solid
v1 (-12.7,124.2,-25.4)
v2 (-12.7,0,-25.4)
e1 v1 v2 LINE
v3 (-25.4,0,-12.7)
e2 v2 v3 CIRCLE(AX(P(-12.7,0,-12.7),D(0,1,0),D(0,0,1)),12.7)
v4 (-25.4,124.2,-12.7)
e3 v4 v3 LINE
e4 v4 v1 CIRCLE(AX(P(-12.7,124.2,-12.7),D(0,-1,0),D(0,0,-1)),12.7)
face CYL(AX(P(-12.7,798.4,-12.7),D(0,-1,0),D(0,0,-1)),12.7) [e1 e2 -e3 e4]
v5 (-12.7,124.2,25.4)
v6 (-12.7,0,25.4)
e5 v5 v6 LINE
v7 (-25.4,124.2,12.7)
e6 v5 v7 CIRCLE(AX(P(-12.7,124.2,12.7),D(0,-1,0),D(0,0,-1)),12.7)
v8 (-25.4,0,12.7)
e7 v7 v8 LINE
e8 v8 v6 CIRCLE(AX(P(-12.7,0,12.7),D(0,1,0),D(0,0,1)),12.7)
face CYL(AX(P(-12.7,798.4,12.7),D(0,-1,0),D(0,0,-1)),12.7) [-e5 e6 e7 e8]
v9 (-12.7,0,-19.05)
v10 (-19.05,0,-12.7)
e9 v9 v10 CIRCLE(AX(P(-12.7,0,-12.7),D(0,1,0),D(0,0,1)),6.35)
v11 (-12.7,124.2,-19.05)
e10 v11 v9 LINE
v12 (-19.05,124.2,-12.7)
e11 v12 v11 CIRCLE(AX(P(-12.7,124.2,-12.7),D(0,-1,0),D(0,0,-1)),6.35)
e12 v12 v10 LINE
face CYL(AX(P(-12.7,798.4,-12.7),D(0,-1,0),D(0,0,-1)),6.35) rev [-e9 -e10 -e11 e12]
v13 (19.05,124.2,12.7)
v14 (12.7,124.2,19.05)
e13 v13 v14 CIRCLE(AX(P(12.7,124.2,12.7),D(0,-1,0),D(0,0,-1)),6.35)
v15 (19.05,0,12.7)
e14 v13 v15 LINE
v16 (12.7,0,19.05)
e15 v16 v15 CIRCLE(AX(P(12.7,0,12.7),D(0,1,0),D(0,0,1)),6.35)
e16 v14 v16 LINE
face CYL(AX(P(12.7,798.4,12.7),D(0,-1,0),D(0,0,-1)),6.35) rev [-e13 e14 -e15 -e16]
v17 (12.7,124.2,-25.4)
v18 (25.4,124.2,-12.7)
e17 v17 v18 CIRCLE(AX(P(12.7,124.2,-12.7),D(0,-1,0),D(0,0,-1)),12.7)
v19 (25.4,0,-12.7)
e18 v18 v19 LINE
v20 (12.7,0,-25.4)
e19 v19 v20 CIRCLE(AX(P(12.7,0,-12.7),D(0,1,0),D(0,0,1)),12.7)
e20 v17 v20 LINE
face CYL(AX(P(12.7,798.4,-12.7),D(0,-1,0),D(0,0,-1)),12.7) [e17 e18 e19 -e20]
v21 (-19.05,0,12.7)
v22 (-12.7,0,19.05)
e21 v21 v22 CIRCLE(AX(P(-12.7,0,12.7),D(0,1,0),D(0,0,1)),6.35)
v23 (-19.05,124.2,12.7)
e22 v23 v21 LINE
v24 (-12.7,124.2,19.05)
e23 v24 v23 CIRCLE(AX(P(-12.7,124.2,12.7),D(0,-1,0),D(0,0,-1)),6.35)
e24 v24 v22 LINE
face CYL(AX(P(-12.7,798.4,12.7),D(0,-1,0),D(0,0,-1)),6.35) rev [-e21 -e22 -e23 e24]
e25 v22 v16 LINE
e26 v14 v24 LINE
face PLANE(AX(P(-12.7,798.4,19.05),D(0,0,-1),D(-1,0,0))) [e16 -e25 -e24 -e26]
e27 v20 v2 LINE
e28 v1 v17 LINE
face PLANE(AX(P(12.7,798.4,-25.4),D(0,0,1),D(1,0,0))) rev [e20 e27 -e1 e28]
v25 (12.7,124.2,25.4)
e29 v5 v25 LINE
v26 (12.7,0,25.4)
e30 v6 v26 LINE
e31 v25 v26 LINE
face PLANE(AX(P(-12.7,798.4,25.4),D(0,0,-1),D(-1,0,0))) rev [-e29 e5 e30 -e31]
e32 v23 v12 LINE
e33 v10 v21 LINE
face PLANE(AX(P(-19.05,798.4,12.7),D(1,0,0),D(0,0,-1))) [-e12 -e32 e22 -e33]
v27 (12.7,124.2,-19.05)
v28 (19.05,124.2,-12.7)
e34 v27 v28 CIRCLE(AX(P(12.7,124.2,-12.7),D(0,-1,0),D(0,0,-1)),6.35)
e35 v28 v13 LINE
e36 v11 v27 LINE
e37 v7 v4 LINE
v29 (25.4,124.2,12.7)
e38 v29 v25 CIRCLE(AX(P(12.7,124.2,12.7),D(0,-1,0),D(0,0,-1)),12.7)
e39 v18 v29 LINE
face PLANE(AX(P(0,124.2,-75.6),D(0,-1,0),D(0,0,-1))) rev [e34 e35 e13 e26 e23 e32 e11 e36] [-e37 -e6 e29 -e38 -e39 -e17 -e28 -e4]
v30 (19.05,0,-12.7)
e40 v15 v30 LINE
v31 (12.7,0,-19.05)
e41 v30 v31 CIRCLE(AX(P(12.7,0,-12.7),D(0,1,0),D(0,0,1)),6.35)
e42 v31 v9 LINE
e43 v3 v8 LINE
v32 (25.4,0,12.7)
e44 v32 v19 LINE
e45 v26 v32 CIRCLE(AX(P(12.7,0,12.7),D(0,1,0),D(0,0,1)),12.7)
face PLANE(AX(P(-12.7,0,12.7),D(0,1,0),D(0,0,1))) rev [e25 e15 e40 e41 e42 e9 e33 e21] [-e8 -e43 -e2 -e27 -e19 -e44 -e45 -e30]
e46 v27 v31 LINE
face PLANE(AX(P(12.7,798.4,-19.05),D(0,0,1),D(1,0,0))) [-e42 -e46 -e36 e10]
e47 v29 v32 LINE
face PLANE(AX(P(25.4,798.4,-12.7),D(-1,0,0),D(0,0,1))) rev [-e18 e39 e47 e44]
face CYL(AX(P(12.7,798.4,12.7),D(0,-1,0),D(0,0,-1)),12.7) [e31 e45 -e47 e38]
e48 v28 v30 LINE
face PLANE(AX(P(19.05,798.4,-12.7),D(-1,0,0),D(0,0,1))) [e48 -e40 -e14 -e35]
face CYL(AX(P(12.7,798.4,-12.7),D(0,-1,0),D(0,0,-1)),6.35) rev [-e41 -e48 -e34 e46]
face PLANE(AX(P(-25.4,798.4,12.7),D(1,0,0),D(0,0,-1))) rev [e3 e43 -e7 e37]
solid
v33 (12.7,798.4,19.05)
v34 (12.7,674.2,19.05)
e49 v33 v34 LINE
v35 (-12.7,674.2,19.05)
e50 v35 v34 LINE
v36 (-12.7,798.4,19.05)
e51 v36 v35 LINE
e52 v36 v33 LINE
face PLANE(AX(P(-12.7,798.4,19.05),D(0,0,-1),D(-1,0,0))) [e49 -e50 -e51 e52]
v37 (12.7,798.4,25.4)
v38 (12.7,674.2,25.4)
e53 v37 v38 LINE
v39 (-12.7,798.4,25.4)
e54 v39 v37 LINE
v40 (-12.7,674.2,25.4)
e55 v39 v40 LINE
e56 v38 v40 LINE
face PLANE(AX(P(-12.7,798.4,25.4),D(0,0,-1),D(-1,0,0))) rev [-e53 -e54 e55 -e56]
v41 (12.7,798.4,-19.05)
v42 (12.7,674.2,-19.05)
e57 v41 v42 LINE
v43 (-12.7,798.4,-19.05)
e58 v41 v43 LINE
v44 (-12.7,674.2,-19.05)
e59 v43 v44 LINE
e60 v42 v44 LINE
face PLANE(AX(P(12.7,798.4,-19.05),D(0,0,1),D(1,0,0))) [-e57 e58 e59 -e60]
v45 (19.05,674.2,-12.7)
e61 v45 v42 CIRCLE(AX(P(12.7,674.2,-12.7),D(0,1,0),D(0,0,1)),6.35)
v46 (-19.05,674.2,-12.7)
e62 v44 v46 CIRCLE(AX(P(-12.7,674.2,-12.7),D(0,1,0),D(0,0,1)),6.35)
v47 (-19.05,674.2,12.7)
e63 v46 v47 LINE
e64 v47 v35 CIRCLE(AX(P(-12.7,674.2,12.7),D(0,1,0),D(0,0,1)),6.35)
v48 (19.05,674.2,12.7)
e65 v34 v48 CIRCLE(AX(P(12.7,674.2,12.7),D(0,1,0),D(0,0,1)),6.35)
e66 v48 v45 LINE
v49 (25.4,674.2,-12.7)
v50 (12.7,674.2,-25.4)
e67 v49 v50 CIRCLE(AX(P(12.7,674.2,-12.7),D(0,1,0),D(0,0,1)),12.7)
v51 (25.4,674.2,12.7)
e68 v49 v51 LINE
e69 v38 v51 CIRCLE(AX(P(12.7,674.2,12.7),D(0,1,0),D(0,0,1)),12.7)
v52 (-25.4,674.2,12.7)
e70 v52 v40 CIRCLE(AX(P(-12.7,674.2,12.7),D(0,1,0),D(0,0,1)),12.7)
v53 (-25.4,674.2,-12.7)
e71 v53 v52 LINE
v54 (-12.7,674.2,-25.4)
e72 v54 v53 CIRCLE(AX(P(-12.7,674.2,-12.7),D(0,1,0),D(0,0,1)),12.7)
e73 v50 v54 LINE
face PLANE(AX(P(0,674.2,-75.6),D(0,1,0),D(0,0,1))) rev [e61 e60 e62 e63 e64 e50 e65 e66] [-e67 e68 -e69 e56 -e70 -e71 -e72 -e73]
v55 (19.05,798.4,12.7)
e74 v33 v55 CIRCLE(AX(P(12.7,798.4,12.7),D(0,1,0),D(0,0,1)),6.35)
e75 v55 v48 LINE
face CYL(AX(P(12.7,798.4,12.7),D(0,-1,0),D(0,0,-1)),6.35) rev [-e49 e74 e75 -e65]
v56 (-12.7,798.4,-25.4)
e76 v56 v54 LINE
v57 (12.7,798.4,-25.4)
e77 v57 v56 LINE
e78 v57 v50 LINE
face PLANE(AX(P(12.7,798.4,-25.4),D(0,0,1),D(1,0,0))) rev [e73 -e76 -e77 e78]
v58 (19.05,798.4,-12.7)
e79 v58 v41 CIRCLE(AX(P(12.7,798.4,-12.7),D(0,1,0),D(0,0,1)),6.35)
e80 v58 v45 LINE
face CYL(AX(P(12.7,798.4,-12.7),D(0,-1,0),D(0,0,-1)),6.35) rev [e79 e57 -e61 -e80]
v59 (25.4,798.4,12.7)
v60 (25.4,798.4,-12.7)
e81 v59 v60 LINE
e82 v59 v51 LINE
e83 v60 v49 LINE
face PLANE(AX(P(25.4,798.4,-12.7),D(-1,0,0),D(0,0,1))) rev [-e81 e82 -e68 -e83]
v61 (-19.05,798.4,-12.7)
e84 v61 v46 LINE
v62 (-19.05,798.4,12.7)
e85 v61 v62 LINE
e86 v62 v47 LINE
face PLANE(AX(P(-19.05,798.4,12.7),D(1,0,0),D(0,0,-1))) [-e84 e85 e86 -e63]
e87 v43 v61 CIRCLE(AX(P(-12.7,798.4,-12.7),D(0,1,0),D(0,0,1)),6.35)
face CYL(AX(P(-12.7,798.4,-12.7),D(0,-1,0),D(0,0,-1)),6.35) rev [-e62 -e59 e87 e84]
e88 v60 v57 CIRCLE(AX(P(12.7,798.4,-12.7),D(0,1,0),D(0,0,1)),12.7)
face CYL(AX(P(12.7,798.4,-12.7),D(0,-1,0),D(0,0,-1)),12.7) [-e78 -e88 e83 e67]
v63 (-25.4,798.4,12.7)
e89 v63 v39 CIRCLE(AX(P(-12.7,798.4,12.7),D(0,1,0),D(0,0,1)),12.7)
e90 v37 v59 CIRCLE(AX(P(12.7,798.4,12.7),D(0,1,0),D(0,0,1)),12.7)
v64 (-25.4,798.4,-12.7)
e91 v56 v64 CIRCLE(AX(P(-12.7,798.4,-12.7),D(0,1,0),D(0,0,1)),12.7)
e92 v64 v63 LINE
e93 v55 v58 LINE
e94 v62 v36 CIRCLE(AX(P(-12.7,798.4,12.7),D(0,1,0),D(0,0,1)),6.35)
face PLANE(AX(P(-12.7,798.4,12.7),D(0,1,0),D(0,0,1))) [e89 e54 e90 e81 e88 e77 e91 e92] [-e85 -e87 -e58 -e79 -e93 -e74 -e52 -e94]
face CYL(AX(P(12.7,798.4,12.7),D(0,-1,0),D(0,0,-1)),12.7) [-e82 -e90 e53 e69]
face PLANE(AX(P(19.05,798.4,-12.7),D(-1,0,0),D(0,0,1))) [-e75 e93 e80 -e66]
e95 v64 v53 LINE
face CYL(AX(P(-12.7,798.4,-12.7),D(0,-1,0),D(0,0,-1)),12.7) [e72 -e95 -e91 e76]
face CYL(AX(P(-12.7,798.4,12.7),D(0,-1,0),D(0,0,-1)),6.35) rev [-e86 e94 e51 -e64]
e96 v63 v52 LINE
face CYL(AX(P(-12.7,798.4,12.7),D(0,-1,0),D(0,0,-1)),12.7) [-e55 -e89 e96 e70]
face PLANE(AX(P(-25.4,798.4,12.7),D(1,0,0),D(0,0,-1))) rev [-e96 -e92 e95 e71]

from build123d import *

# Parameters (mm, degrees)
TUBO_CUADRADO_2_X_2_X_0_25_1_DEPTH = 798.4
CROQUIS2_W                         = 12.7
CROQUIS2_H                         = 550
CORTAR_EXTRUIR1_DEPTH              = 101


with BuildPart() as part:
    # Sketch1 → Tubo cuadrado 2 X 2 X 0.25(1) (new body)
    with BuildSketch(Plane(origin=(0, 0, 0), x_dir=(-1, 0, 0), z_dir=(0, 1, 0))):
        with BuildLine():
            Line((-12.7, -25.4), (12.7, -25.4))
            ThreePointArc((12.7, -25.4), (21.680256121, -21.680256121), (25.4, -12.7))
            Line((25.4, -12.7), (25.4, 12.7))
            ThreePointArc((25.4, 12.7), (21.680256121, 21.680256121), (12.7, 25.4))
            Line((12.7, 25.4), (-12.7, 25.4))
            ThreePointArc((-12.7, 25.4), (-21.680256121, 21.680256121), (-25.4, 12.7))
            Line((-25.4, 12.7), (-25.4, -12.7))
            ThreePointArc((-25.4, -12.7), (-21.680256121, -21.680256121), (-12.7, -25.4))
        make_face()
        with BuildLine():
            Line((-12.7, -19.05), (12.7, -19.05))
            ThreePointArc((12.7, -19.05), (17.190128061, -17.190128061), (19.05, -12.7))
            Line((19.05, -12.7), (19.05, 12.7))
            ThreePointArc((19.05, 12.7), (17.190128061, 17.190128061), (12.7, 19.05))
            Line((12.7, 19.05), (-12.7, 19.05))
            ThreePointArc((-12.7, 19.05), (-17.190128061, 17.190128061), (-19.05, 12.7))
            Line((-19.05, 12.7), (-19.05, -12.7))
            ThreePointArc((-19.05, -12.7), (-17.190128061, -17.190128061), (-12.7, -19.05))
        make_face(mode=Mode.SUBTRACT)
    extrude(amount=TUBO_CUADRADO_2_X_2_X_0_25_1_DEPTH)

    # Croquis2 → Cortar-Extruir1 (cut)
    with BuildSketch(Plane.XY.offset(25.4)):
        with Locations((-19.05, 399.2)):
            Rectangle(CROQUIS2_W, CROQUIS2_H)
        Polygon((-12.7, 124.2), (0, 124.2), (12.7, 124.2), (12.7, 674.2), (-12.7, 674.2), align=None)
        with Locations((19.05, 399.2)):
            Rectangle(CROQUIS2_W, CROQUIS2_H)
    extrude(amount=-CORTAR_EXTRUIR1_DEPTH, mode=Mode.SUBTRACT)


with BuildPart() as cortar_extruir1_piece_1:
    # of the separate pieces the step leaves, piece 1, a body of its own (cortar_extruir1_pieces)
    add(part.part.solids().sort_by_distance((25.4, 0, 12.7))[0])


with BuildPart() as cortar_extruir1_piece_2:
    # of the separate pieces the step leaves, piece 2, a body of its own (cortar_extruir1_pieces)
    add(part.part.solids().sort_by_distance((25.4, 674.2, 12.7))[0])


solid = Compound([cortar_extruir1_piece_1.part, cortar_extruir1_piece_2.part])
